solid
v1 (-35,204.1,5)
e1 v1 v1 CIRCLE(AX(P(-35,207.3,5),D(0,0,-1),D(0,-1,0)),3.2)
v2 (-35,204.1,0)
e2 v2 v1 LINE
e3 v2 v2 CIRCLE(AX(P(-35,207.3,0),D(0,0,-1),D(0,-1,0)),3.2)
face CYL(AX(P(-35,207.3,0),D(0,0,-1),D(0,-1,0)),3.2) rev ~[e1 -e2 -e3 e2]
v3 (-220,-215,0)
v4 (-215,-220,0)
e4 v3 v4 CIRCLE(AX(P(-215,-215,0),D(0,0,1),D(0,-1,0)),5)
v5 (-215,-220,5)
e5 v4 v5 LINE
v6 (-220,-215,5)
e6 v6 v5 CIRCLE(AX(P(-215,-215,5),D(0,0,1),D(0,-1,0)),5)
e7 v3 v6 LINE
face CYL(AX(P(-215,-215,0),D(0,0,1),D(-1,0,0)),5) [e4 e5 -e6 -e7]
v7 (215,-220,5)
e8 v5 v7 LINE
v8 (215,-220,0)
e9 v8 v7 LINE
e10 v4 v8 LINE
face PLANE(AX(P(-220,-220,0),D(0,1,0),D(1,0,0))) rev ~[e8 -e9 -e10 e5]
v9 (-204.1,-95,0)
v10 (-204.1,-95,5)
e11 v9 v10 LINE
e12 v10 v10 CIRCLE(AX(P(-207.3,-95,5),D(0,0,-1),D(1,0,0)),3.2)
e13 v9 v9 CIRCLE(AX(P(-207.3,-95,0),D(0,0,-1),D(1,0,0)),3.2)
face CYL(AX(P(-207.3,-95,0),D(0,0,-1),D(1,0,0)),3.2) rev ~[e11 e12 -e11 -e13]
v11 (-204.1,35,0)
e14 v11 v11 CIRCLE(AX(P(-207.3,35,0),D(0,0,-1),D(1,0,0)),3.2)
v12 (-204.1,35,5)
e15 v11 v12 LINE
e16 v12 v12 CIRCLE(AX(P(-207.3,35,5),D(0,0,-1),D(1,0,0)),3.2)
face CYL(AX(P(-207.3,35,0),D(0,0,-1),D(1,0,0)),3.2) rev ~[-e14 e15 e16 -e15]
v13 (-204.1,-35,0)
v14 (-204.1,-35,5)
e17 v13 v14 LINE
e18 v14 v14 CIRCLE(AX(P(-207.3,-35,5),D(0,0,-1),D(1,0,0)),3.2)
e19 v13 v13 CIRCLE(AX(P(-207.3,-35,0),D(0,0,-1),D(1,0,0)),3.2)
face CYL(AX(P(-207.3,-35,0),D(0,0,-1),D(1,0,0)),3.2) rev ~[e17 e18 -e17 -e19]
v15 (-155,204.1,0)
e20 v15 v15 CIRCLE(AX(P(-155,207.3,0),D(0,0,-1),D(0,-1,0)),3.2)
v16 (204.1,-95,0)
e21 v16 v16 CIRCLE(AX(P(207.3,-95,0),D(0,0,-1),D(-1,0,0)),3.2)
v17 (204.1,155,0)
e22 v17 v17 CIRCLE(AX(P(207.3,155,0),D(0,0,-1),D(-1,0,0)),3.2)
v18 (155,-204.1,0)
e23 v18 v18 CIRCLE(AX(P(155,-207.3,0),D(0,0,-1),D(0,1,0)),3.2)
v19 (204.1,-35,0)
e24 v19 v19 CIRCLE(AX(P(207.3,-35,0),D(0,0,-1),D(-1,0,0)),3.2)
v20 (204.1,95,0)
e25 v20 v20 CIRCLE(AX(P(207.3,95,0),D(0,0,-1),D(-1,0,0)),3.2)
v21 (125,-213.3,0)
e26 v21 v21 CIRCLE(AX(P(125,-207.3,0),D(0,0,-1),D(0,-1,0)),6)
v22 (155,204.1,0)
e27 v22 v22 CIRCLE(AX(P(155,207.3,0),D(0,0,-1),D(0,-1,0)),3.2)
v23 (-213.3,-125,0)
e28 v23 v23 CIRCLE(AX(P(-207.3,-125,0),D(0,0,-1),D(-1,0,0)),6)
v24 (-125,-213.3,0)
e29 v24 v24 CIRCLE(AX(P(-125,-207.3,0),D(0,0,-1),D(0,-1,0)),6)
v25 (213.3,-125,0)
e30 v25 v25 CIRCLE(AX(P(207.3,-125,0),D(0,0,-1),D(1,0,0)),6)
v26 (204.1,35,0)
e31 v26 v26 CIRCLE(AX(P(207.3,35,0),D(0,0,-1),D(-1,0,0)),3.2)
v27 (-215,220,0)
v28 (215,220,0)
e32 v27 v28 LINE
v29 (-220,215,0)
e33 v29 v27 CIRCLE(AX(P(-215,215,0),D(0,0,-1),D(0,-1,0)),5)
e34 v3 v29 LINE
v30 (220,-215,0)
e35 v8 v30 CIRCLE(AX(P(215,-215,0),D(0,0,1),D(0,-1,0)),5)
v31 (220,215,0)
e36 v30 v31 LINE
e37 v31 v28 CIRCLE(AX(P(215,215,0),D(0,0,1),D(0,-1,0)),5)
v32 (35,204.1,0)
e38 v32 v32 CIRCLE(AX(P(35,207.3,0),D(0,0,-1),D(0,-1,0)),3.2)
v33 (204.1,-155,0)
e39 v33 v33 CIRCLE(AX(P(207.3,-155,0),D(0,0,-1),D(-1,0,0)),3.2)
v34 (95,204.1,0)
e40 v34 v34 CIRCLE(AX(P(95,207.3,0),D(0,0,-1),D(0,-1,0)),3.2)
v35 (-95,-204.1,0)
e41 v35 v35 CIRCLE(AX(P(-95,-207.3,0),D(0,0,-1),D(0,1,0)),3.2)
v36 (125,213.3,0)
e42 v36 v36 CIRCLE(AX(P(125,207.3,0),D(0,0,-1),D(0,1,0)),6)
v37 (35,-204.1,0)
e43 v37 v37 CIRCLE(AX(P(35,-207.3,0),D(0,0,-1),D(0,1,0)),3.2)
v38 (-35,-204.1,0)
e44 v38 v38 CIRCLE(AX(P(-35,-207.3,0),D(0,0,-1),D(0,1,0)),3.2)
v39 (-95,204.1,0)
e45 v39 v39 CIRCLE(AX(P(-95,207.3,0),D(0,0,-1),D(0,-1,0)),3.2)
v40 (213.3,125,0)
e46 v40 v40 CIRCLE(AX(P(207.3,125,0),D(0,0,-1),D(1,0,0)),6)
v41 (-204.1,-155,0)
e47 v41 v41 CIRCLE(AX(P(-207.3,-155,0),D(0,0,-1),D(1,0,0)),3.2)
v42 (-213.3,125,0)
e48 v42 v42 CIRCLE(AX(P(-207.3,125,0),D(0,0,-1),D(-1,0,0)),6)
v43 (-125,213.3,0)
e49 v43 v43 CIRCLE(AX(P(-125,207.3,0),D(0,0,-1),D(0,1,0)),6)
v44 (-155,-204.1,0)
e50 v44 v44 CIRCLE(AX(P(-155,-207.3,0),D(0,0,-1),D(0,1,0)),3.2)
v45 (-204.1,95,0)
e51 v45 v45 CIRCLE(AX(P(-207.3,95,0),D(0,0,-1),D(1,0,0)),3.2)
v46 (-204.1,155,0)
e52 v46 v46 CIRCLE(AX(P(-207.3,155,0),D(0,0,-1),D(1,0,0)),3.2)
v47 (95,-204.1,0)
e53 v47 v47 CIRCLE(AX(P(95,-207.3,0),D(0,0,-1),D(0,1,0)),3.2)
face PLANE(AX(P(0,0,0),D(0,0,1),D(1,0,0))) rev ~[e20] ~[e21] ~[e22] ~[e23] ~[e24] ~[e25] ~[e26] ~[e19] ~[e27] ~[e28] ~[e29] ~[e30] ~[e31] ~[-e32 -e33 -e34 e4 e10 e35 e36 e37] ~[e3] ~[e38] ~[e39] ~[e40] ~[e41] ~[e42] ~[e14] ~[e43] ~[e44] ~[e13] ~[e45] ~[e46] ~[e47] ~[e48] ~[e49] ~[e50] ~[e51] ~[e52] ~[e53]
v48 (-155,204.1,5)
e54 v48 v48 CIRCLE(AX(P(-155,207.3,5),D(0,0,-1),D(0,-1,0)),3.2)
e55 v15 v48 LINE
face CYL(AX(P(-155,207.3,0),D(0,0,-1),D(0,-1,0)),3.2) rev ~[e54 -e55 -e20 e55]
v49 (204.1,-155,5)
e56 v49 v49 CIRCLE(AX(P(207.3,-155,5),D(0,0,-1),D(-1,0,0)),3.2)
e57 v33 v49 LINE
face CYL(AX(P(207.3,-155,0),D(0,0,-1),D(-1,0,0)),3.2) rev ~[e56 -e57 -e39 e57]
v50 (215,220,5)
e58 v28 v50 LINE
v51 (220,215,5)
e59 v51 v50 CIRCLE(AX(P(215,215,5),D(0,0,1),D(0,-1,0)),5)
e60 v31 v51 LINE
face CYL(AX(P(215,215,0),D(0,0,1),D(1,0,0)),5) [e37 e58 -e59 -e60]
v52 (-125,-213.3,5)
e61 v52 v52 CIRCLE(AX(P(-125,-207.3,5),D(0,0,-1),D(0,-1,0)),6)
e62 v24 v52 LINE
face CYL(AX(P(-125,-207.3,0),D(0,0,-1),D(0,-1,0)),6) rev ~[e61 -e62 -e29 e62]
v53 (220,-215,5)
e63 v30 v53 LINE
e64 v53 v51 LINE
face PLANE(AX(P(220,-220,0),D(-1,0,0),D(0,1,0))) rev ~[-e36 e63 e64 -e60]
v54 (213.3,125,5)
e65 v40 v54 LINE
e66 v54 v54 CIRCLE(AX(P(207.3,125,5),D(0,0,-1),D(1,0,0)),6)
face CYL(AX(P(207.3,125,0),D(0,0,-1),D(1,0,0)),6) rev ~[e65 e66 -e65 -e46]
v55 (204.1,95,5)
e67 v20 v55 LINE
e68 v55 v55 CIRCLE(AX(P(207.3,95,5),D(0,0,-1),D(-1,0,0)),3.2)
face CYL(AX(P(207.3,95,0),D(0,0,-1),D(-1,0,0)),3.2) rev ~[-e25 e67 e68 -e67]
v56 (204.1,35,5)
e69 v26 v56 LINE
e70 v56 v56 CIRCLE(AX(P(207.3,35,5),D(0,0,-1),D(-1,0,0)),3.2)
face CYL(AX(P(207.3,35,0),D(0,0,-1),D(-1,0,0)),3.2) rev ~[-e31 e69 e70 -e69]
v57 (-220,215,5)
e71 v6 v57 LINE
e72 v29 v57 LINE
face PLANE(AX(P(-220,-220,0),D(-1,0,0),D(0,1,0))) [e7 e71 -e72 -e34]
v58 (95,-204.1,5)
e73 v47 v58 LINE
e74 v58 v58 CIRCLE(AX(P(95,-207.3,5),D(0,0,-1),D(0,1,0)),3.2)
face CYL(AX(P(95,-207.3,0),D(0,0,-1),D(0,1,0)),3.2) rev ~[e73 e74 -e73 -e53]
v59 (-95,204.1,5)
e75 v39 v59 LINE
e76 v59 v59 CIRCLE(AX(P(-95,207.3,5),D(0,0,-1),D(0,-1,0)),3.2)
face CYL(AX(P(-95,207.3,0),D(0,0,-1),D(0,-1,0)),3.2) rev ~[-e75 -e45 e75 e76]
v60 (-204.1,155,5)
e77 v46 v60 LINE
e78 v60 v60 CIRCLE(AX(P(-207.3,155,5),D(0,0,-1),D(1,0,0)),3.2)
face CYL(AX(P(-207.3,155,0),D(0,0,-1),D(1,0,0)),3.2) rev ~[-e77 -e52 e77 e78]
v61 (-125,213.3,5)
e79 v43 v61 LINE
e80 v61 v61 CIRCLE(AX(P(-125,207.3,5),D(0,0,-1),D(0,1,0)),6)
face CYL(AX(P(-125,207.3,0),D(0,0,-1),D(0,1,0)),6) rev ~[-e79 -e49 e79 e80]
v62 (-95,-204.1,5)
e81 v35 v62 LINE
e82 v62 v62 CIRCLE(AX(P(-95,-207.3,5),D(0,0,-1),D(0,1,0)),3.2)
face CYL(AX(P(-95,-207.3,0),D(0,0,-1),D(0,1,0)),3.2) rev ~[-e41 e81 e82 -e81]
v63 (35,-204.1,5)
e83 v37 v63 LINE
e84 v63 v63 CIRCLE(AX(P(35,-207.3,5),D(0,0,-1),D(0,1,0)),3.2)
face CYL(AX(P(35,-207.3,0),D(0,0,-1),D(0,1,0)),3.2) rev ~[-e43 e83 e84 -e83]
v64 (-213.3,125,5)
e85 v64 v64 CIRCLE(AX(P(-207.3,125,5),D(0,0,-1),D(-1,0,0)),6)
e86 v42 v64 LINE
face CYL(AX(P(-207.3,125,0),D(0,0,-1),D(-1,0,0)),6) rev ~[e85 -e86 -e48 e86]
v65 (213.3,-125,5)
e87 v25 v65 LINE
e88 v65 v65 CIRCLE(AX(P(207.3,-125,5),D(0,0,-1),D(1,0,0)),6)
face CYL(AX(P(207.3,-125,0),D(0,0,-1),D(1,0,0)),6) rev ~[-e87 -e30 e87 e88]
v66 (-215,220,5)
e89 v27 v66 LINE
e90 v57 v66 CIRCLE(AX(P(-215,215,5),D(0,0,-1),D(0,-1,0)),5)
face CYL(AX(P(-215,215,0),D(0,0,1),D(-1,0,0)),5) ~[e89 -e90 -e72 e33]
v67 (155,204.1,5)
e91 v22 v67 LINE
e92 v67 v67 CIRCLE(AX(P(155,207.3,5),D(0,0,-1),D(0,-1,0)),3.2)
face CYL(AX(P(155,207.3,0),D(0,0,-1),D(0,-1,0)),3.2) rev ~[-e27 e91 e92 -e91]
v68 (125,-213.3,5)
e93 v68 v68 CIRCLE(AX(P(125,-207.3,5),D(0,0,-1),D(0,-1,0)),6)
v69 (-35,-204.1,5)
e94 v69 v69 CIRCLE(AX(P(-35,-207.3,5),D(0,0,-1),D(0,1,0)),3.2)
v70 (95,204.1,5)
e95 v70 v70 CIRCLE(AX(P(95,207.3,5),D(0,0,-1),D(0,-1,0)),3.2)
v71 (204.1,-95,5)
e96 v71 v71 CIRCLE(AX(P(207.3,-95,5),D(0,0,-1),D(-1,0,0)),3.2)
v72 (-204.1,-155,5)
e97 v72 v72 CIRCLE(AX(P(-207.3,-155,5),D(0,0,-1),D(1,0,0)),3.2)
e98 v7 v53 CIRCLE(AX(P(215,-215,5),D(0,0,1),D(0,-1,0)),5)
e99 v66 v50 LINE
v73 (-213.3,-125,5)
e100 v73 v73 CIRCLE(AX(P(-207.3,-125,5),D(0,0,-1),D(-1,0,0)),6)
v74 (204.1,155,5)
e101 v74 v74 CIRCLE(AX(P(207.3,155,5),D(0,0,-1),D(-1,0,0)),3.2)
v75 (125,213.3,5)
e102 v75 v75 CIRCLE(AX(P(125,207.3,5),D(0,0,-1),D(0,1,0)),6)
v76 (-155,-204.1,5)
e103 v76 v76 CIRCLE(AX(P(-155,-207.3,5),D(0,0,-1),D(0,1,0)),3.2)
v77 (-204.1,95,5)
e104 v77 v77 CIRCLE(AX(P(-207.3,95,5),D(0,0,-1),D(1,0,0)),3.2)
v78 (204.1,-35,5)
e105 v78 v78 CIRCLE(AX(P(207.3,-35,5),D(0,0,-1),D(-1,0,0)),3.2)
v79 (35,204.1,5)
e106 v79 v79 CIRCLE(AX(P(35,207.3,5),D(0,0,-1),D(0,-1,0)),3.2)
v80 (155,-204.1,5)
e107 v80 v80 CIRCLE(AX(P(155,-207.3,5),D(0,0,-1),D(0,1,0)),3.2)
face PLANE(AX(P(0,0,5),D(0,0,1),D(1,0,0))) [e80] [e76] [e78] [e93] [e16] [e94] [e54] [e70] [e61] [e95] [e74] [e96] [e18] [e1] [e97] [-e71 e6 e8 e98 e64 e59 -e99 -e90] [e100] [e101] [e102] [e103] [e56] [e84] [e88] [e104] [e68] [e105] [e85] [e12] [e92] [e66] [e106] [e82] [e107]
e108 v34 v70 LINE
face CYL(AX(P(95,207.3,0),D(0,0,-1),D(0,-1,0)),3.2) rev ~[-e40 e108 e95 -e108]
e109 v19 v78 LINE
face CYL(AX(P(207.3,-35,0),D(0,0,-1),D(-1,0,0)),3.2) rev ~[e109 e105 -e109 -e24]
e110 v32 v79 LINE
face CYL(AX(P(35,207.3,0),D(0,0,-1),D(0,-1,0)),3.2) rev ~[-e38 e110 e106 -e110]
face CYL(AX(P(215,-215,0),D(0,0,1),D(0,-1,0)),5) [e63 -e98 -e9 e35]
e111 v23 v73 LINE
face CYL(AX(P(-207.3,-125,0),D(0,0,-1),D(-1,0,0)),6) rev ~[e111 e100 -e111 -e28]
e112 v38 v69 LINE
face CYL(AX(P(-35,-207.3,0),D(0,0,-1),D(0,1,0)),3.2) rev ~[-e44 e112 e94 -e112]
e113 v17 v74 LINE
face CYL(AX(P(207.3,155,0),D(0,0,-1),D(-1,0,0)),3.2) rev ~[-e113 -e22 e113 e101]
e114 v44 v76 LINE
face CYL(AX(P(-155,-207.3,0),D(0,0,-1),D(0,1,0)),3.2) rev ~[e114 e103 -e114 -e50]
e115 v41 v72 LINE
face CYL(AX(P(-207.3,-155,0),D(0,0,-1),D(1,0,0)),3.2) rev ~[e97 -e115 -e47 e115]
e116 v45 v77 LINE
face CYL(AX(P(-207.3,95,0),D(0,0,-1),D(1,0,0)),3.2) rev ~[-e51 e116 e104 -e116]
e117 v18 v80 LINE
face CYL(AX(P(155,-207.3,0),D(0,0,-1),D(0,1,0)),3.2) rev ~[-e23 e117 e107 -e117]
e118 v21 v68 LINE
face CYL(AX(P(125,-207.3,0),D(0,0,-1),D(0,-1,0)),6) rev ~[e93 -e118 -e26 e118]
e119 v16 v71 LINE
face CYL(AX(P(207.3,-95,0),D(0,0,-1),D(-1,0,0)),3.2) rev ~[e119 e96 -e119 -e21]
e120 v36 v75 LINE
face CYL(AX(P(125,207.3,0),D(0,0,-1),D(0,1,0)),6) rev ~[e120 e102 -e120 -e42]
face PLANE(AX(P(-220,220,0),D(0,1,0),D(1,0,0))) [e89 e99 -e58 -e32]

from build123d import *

# Parameters (mm, degrees)
SKETCH1_W           = 440
SKETCH1_H           = 440
BOSS_EXTRUDE1_DEPTH = 5
FILLET1_R           = 5
SKETCH2_R           = 3.2
CUT_EXTRUDE1_DEPTH  = 312.16715765
CIRPATTERN1_COUNT   = 4
CUT_EXTRUDE2_REACH  = 313.167
SKETCH3_R           = 6
CIRPATTERN2_COUNT   = 4


with BuildPart() as part:
    # Sketch1 → Boss-Extrude1 (new body)
    with BuildSketch(Plane.XY):
        Rectangle(SKETCH1_W, SKETCH1_H)
    extrude(amount=BOSS_EXTRUDE1_DEPTH)

    # Fillet1
    fillet1_edges = [part.edges().sort_by_distance(p)[0] for p in [
        (-220, -220, 2.5),
        (220, -220, 2.5),
        (220, 220, 2.5),
        (-220, 220, 2.5),
    ]]
    fillet(fillet1_edges, radius=FILLET1_R)

    # Sketch2 → Cut-Extrude1 (cut, through all)
    with BuildSketch(Plane(origin=(0, 0, 0), x_dir=(-1, 0, 0), z_dir=(0, 0, -1))):
        with Locations((-207.3, -155)):
            Circle(SKETCH2_R)
        with Locations((-207.3, -95)):
            Circle(SKETCH2_R)
        with Locations((-207.3, -35)):
            Circle(SKETCH2_R)
        with Locations((-207.3, 35)):
            Circle(SKETCH2_R)
        with Locations((-207.3, 95)):
            Circle(SKETCH2_R)
        with Locations((-207.3, 155)):
            Circle(SKETCH2_R)
    cut_extrude1 = extrude(amount=-CUT_EXTRUDE1_DEPTH, mode=Mode.SUBTRACT)

    # CirPattern1: Cut-Extrude1 ×4 about axis
    cirpattern1_axis = Axis((0, 0, -0.25), (0, 0, 1))
    for i in range(1, CIRPATTERN1_COUNT):
        add(cut_extrude1.rotate(cirpattern1_axis, i * 360 / CIRPATTERN1_COUNT), mode=Mode.SUBTRACT)

    # Sketch3 → Cut-Extrude2 (cut, up to next)
    with BuildSketch(Plane(origin=(0, 0, 0), x_dir=(-1, 0, 0), z_dir=(0, 0, -1)), mode=Mode.PRIVATE) as cut_extrude2_sk1:
        with Locations((207.3, -125)):
            Circle(SKETCH3_R)
    cut_extrude2_tool1 = extrude(cut_extrude2_sk1.sketch, amount=-CUT_EXTRUDE2_REACH, mode=Mode.PRIVATE) & part.part
    # Sketch3 → Cut-Extrude2 (cut, up to next)
    with BuildSketch(Plane(origin=(0, 0, 0), x_dir=(-1, 0, 0), z_dir=(0, 0, -1)), mode=Mode.PRIVATE) as cut_extrude2_sk2:
        with Locations((207.3, 125)):
            Circle(SKETCH3_R)
    cut_extrude2_tool2 = extrude(cut_extrude2_sk2.sketch, amount=-CUT_EXTRUDE2_REACH, mode=Mode.PRIVATE) & part.part
    cut_extrude2_1 = cut_extrude2_tool1.solids().sort_by_distance((-207.3, -125, 0))[0]
    add(cut_extrude2_1, mode=Mode.SUBTRACT)
    cut_extrude2_2 = cut_extrude2_tool2.solids().sort_by_distance((-207.3, 125, 0))[0]
    add(cut_extrude2_2, mode=Mode.SUBTRACT)
    cut_extrude2 = cut_extrude2_1 + cut_extrude2_2  # Cut-Extrude2 as one shape, for the pattern or mirror that repeats it

    # CirPattern2: Cut-Extrude2 ×4 about axis
    cirpattern2_axis = Axis((0, 0, -0.25), (0, 0, 1))
    for i in range(1, CIRPATTERN2_COUNT):
        add(cut_extrude2.rotate(cirpattern2_axis, i * 360 / CIRPATTERN2_COUNT), mode=Mode.SUBTRACT)


solid = part.part
